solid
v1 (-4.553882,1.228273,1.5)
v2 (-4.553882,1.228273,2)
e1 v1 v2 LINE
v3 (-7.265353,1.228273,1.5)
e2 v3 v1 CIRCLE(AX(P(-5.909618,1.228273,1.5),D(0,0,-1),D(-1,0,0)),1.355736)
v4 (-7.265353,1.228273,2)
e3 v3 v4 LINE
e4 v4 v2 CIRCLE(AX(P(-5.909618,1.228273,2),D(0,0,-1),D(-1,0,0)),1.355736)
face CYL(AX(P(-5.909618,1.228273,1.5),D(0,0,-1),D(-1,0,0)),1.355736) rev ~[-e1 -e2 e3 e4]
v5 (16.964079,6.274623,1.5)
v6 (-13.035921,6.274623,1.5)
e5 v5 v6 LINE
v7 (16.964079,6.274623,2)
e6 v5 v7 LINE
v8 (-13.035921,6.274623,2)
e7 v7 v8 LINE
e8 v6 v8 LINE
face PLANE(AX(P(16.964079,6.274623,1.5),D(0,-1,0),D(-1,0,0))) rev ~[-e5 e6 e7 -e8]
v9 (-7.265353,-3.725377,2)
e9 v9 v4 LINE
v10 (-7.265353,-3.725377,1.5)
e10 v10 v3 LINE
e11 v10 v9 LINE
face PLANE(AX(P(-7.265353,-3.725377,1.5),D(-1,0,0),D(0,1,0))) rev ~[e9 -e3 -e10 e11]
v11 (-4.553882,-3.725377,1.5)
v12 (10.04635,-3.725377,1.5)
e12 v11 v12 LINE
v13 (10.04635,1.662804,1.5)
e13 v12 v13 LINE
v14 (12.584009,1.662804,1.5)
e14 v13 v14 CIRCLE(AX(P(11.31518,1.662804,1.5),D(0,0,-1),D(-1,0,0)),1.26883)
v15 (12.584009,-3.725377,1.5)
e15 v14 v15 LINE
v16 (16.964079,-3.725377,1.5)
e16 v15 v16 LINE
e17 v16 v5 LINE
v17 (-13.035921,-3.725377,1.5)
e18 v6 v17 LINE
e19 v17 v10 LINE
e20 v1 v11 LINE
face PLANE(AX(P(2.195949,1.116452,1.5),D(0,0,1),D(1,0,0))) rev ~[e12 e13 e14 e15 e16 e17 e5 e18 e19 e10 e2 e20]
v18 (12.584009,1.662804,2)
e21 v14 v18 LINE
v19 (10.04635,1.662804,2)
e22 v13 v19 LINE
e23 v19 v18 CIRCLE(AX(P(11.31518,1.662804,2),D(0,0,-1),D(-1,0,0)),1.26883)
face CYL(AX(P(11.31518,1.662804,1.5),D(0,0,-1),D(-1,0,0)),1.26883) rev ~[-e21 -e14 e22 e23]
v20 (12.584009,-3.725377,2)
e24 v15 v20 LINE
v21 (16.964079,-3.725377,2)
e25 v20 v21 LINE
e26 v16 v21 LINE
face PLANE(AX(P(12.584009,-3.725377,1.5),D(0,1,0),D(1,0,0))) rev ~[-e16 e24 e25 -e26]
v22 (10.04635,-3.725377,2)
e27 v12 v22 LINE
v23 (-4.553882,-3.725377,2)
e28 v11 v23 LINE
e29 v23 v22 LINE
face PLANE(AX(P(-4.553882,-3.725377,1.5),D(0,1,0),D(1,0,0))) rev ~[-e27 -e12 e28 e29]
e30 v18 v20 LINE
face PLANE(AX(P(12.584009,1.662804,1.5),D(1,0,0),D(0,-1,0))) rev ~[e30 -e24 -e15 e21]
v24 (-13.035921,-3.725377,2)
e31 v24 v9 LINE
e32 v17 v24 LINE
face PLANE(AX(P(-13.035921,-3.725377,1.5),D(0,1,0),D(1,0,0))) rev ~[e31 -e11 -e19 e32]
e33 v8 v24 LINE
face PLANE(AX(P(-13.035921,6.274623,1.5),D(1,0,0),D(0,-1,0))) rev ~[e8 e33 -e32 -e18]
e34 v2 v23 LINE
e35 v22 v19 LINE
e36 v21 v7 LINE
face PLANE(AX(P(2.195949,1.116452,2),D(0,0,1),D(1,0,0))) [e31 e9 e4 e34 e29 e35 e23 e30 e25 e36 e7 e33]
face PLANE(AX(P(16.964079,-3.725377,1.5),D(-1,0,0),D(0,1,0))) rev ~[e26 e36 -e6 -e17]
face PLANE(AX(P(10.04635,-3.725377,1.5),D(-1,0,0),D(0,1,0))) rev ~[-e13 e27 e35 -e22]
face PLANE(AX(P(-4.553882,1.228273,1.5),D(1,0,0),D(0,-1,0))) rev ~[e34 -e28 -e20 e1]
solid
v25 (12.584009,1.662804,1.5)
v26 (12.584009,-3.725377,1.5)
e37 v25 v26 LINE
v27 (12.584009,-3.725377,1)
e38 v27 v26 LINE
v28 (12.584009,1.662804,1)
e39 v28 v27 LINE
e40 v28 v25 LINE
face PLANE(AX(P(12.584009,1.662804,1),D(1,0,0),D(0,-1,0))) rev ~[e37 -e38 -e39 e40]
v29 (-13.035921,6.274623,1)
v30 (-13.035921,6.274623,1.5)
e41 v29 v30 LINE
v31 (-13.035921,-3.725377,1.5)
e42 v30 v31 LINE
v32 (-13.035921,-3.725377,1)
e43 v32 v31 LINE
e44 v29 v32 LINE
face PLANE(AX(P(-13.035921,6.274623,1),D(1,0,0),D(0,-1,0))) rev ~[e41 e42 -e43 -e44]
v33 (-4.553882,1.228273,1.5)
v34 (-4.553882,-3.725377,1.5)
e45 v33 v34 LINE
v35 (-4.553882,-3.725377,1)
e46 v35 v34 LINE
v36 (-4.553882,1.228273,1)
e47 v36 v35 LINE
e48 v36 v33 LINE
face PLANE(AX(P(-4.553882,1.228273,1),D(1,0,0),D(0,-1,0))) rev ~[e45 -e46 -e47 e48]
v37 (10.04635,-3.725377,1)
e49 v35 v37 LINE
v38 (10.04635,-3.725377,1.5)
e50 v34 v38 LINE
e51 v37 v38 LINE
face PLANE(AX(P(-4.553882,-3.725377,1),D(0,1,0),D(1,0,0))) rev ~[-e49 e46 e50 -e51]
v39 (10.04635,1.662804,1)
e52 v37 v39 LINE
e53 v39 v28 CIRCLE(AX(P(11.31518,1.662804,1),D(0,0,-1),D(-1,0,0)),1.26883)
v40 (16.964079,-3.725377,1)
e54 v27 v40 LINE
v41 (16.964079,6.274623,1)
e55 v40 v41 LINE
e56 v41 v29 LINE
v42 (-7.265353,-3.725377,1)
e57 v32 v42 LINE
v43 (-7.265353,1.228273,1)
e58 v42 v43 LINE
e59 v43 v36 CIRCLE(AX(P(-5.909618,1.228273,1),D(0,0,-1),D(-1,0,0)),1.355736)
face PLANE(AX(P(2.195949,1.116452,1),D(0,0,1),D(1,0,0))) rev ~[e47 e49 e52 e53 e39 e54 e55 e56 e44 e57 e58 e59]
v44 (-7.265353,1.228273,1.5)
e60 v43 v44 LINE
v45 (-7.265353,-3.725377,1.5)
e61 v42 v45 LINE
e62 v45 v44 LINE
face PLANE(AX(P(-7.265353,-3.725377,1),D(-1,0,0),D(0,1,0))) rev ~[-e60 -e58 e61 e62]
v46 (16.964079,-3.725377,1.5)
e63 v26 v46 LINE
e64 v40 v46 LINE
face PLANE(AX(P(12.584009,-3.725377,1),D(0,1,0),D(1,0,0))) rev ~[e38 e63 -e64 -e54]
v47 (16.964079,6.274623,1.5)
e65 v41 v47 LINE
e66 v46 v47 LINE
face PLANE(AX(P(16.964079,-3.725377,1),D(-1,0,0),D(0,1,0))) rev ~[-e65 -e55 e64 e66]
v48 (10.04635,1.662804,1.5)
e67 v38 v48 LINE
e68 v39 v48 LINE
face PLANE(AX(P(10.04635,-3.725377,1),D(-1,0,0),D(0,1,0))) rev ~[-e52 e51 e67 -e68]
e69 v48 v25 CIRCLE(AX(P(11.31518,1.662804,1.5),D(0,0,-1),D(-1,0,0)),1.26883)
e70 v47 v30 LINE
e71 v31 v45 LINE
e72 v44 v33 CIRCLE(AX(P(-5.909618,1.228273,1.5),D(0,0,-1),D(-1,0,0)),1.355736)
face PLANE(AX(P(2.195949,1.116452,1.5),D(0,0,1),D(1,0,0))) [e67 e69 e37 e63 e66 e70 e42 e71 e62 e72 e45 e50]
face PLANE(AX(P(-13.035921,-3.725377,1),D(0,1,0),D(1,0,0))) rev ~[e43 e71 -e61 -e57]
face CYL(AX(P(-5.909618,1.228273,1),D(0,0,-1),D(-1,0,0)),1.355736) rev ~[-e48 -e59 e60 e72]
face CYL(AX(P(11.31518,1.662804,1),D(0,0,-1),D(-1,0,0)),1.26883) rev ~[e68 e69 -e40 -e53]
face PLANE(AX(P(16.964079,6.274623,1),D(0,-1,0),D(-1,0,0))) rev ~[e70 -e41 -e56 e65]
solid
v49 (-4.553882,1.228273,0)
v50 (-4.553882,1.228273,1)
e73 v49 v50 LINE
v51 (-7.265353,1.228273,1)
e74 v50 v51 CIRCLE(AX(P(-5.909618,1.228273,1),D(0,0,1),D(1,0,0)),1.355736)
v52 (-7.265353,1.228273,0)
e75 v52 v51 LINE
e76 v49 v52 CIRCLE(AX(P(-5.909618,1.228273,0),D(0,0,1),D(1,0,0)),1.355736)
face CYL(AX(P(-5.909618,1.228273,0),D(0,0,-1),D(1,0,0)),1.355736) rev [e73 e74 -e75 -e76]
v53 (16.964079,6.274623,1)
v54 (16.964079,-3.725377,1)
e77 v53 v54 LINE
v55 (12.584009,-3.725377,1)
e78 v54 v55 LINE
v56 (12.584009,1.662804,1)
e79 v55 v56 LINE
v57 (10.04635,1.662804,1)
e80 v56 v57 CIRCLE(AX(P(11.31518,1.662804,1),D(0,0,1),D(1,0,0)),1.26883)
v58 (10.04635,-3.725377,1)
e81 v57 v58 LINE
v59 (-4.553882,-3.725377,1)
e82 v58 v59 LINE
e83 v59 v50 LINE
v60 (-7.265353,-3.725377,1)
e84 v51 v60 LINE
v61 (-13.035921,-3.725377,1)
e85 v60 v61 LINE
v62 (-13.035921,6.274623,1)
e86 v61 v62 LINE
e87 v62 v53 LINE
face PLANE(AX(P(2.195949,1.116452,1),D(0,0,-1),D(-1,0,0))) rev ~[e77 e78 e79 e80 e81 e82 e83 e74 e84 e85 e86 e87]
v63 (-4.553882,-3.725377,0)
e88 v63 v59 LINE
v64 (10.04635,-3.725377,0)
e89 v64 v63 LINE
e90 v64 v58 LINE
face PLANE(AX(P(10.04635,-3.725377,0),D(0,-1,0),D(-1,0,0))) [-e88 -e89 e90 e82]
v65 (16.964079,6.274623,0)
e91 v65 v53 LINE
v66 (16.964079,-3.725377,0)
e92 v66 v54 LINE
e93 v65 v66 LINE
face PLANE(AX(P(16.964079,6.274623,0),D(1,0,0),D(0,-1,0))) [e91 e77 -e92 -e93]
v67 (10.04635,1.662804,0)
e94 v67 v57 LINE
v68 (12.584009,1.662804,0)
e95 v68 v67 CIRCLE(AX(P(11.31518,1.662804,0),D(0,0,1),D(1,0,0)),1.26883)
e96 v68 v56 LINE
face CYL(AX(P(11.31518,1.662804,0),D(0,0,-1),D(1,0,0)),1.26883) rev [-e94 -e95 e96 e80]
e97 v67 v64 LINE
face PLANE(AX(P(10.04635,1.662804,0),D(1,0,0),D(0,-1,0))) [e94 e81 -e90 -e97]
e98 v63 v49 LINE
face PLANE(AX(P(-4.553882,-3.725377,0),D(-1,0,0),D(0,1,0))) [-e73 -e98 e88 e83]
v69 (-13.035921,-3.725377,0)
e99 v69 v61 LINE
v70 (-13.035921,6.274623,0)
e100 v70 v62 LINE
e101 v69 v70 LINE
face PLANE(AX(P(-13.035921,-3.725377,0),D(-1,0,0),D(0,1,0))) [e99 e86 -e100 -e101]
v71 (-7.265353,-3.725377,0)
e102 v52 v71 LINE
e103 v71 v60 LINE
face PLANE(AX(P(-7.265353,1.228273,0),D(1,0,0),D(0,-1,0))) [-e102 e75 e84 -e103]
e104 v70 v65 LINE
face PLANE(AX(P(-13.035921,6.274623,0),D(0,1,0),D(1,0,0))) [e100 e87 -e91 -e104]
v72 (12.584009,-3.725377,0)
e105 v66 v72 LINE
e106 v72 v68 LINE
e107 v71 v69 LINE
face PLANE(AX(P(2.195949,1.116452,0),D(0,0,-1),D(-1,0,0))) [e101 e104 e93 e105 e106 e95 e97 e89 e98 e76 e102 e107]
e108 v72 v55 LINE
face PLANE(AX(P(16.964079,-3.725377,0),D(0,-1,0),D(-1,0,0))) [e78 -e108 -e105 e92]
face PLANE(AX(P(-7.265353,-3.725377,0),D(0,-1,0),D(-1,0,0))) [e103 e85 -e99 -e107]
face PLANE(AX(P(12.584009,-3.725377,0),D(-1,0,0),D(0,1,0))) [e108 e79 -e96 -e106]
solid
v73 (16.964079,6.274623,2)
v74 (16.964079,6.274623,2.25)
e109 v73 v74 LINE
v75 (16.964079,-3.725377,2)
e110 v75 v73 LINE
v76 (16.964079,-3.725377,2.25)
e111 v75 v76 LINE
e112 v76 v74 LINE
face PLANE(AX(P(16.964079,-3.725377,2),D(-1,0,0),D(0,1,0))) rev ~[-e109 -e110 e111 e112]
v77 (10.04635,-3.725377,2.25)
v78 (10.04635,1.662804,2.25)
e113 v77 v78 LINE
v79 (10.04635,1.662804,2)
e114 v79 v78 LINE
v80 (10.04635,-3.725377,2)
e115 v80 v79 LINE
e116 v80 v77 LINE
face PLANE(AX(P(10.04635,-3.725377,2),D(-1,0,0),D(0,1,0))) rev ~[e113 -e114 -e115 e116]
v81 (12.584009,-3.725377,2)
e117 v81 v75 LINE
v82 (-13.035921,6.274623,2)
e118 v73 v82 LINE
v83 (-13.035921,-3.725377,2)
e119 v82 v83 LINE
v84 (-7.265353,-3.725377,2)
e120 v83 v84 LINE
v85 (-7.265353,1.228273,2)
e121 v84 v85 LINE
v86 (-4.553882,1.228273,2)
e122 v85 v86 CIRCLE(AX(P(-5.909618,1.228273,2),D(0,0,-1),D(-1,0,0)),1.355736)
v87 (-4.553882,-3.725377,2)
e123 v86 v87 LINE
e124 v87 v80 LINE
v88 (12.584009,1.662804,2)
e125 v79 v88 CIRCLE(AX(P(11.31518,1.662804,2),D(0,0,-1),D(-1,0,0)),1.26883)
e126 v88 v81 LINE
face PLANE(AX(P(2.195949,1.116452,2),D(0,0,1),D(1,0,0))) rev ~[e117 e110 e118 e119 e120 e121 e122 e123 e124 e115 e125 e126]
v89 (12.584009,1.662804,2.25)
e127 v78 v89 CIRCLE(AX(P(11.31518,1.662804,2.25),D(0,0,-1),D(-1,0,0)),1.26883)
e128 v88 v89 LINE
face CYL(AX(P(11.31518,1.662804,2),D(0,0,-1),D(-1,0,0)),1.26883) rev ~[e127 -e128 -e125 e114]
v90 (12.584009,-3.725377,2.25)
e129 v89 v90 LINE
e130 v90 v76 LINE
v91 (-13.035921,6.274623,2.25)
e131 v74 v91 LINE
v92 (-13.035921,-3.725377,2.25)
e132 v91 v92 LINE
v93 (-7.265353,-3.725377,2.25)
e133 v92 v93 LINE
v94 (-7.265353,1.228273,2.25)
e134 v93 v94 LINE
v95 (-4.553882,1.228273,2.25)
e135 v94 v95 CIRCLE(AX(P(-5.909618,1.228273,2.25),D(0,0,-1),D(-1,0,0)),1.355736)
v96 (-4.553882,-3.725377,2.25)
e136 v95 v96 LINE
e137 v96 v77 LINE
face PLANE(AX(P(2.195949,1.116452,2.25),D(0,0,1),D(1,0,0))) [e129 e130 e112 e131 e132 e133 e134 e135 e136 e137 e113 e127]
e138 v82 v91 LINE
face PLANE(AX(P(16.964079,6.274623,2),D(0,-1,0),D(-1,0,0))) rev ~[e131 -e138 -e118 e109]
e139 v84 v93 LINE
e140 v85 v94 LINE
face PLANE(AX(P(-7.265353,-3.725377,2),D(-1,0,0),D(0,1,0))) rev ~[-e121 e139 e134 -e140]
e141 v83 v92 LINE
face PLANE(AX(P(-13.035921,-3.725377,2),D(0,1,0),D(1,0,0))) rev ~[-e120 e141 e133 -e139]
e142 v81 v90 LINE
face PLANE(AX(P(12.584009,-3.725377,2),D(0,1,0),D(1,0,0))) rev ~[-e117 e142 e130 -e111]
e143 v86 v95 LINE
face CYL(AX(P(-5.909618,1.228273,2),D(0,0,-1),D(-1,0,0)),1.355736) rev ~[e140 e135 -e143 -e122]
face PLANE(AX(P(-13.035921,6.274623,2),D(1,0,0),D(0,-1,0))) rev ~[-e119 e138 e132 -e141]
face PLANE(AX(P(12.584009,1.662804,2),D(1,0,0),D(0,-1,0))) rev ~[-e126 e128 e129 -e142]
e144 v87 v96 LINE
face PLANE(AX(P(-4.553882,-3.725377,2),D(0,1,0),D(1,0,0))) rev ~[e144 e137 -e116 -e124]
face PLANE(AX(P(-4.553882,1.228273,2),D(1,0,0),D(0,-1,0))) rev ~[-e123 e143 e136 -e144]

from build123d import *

# Parameters (mm, degrees)
BOSS_EXTRUDE1_DEPTH = 1
BOSS_EXTRUDE2_DEPTH = 0.5
BOSS_EXTRUDE3_DEPTH = 0.5
BOSS_EXTRUDE4_DEPTH = 0.25


with BuildPart() as part:
    # Sketch1 → Boss-Extrude1 (new body)
    with BuildSketch(Plane.XY):
        with BuildLine():
            Line((-13.035921205, -3.725376593), (-13.035921205, 6.274623407))
            Line((-13.035921205, 6.274623407), (16.964078795, 6.274623407))
            Line((16.964078795, 6.274623407), (16.964078795, -3.725376593))
            Line((16.964078795, -3.725376593), (12.58400927, -3.725376593))
            Line((12.58400927, -3.725376593), (12.58400927, 1.662804171))
            ThreePointArc((12.58400927, 1.662804171), (11.315179606, 2.931633835), (10.046349942, 1.662804171))
            Line((10.046349942, 1.662804171), (10.046349942, -3.725376593))
            Line((10.046349942, -3.725376593), (-4.553881808, -3.725376593))
            Line((-4.553881808, -3.725376593), (-4.553881808, 1.228273465))
            ThreePointArc((-4.553881808, 1.228273465), (-5.909617613, 2.58400927), (-7.265353418, 1.228273465))
            Line((-7.265353418, 1.228273465), (-7.265353418, -3.725376593))
            Line((-7.265353418, -3.725376593), (-13.035921205, -3.725376593))
        make_face()
    extrude(amount=BOSS_EXTRUDE1_DEPTH)


with BuildPart() as body_2:
    # Sketch2 → Boss-Extrude2 (new body)
    with BuildSketch(Plane.XY.offset(1)):
        with BuildLine():
            Line((-13.035921205, -3.725376593), (-7.265353418, -3.725376593))
            Line((-7.265353418, -3.725376593), (-7.265353418, 1.228273465))
            ThreePointArc((-7.265353418, 1.228273465), (-5.909617613, 2.58400927), (-4.553881808, 1.228273465))
            Line((-4.553881808, 1.228273465), (-4.553881808, -3.725376593))
            Line((-4.553881808, -3.725376593), (10.046349942, -3.725376593))
            Line((10.046349942, -3.725376593), (10.046349942, 1.662804171))
            ThreePointArc((10.046349942, 1.662804171), (11.315179606, 2.931633835), (12.58400927, 1.662804171))
            Line((12.58400927, 1.662804171), (12.58400927, -3.725376593))
            Line((12.58400927, -3.725376593), (16.964078795, -3.725376593))
            Line((16.964078795, -3.725376593), (16.964078795, 6.274623407))
            Line((16.964078795, 6.274623407), (-13.035921205, 6.274623407))
            Line((-13.035921205, 6.274623407), (-13.035921205, -3.725376593))
        make_face()
    extrude(amount=BOSS_EXTRUDE2_DEPTH)


with BuildPart() as body_3:
    # Sketch3 → Boss-Extrude3 (new body)
    with BuildSketch(Plane.XY.offset(1.5)):
        with BuildLine():
            Line((-13.035921205, 6.274623407), (-13.035921205, -3.725376593))
            Line((-13.035921205, -3.725376593), (-7.265353418, -3.725376593))
            Line((-7.265353418, -3.725376593), (-7.265353418, 1.228273465))
            ThreePointArc((-7.265353418, 1.228273465), (-5.909617613, 2.58400927), (-4.553881808, 1.228273465))
            Line((-4.553881808, 1.228273465), (-4.553881808, -3.725376593))
            Line((-4.553881808, -3.725376593), (10.046349942, -3.725376593))
            Line((10.046349942, -3.725376593), (10.046349942, 1.662804171))
            ThreePointArc((10.046349942, 1.662804171), (11.315179606, 2.931633835), (12.58400927, 1.662804171))
            Line((12.58400927, 1.662804171), (12.58400927, -3.725376593))
            Line((12.58400927, -3.725376593), (16.964078795, -3.725376593))
            Line((16.964078795, -3.725376593), (16.964078795, 6.274623407))
            Line((16.964078795, 6.274623407), (-13.035921205, 6.274623407))
        make_face()
    extrude(amount=BOSS_EXTRUDE3_DEPTH)


with BuildPart() as body_4:
    # Sketch4 → Boss-Extrude4 (new body)
    with BuildSketch(Plane.XY.offset(2)):
        with BuildLine():
            Line((16.964078795, 6.274623407), (-13.035921205, 6.274623407))
            Line((-13.035921205, 6.274623407), (-13.035921205, -3.725376593))
            Line((-13.035921205, -3.725376593), (-7.265353418, -3.725376593))
            Line((-7.265353418, -3.725376593), (-7.265353418, 1.228273465))
            ThreePointArc((-7.265353418, 1.228273465), (-5.909617613, 2.58400927), (-4.553881808, 1.228273465))
            Line((-4.553881808, 1.228273465), (-4.553881808, -3.725376593))
            Line((-4.553881808, -3.725376593), (10.046349942, -3.725376593))
            Line((10.046349942, -3.725376593), (10.046349942, 1.662804171))
            ThreePointArc((10.046349942, 1.662804171), (11.315179606, 2.931633835), (12.58400927, 1.662804171))
            Line((12.58400927, 1.662804171), (12.58400927, -3.725376593))
            Line((12.58400927, -3.725376593), (16.964078795, -3.725376593))
            Line((16.964078795, -3.725376593), (16.964078795, 6.274623407))
        make_face()
    extrude(amount=BOSS_EXTRUDE4_DEPTH)


solid = Compound([part.part, body_2.part, body_3.part, body_4.part])
